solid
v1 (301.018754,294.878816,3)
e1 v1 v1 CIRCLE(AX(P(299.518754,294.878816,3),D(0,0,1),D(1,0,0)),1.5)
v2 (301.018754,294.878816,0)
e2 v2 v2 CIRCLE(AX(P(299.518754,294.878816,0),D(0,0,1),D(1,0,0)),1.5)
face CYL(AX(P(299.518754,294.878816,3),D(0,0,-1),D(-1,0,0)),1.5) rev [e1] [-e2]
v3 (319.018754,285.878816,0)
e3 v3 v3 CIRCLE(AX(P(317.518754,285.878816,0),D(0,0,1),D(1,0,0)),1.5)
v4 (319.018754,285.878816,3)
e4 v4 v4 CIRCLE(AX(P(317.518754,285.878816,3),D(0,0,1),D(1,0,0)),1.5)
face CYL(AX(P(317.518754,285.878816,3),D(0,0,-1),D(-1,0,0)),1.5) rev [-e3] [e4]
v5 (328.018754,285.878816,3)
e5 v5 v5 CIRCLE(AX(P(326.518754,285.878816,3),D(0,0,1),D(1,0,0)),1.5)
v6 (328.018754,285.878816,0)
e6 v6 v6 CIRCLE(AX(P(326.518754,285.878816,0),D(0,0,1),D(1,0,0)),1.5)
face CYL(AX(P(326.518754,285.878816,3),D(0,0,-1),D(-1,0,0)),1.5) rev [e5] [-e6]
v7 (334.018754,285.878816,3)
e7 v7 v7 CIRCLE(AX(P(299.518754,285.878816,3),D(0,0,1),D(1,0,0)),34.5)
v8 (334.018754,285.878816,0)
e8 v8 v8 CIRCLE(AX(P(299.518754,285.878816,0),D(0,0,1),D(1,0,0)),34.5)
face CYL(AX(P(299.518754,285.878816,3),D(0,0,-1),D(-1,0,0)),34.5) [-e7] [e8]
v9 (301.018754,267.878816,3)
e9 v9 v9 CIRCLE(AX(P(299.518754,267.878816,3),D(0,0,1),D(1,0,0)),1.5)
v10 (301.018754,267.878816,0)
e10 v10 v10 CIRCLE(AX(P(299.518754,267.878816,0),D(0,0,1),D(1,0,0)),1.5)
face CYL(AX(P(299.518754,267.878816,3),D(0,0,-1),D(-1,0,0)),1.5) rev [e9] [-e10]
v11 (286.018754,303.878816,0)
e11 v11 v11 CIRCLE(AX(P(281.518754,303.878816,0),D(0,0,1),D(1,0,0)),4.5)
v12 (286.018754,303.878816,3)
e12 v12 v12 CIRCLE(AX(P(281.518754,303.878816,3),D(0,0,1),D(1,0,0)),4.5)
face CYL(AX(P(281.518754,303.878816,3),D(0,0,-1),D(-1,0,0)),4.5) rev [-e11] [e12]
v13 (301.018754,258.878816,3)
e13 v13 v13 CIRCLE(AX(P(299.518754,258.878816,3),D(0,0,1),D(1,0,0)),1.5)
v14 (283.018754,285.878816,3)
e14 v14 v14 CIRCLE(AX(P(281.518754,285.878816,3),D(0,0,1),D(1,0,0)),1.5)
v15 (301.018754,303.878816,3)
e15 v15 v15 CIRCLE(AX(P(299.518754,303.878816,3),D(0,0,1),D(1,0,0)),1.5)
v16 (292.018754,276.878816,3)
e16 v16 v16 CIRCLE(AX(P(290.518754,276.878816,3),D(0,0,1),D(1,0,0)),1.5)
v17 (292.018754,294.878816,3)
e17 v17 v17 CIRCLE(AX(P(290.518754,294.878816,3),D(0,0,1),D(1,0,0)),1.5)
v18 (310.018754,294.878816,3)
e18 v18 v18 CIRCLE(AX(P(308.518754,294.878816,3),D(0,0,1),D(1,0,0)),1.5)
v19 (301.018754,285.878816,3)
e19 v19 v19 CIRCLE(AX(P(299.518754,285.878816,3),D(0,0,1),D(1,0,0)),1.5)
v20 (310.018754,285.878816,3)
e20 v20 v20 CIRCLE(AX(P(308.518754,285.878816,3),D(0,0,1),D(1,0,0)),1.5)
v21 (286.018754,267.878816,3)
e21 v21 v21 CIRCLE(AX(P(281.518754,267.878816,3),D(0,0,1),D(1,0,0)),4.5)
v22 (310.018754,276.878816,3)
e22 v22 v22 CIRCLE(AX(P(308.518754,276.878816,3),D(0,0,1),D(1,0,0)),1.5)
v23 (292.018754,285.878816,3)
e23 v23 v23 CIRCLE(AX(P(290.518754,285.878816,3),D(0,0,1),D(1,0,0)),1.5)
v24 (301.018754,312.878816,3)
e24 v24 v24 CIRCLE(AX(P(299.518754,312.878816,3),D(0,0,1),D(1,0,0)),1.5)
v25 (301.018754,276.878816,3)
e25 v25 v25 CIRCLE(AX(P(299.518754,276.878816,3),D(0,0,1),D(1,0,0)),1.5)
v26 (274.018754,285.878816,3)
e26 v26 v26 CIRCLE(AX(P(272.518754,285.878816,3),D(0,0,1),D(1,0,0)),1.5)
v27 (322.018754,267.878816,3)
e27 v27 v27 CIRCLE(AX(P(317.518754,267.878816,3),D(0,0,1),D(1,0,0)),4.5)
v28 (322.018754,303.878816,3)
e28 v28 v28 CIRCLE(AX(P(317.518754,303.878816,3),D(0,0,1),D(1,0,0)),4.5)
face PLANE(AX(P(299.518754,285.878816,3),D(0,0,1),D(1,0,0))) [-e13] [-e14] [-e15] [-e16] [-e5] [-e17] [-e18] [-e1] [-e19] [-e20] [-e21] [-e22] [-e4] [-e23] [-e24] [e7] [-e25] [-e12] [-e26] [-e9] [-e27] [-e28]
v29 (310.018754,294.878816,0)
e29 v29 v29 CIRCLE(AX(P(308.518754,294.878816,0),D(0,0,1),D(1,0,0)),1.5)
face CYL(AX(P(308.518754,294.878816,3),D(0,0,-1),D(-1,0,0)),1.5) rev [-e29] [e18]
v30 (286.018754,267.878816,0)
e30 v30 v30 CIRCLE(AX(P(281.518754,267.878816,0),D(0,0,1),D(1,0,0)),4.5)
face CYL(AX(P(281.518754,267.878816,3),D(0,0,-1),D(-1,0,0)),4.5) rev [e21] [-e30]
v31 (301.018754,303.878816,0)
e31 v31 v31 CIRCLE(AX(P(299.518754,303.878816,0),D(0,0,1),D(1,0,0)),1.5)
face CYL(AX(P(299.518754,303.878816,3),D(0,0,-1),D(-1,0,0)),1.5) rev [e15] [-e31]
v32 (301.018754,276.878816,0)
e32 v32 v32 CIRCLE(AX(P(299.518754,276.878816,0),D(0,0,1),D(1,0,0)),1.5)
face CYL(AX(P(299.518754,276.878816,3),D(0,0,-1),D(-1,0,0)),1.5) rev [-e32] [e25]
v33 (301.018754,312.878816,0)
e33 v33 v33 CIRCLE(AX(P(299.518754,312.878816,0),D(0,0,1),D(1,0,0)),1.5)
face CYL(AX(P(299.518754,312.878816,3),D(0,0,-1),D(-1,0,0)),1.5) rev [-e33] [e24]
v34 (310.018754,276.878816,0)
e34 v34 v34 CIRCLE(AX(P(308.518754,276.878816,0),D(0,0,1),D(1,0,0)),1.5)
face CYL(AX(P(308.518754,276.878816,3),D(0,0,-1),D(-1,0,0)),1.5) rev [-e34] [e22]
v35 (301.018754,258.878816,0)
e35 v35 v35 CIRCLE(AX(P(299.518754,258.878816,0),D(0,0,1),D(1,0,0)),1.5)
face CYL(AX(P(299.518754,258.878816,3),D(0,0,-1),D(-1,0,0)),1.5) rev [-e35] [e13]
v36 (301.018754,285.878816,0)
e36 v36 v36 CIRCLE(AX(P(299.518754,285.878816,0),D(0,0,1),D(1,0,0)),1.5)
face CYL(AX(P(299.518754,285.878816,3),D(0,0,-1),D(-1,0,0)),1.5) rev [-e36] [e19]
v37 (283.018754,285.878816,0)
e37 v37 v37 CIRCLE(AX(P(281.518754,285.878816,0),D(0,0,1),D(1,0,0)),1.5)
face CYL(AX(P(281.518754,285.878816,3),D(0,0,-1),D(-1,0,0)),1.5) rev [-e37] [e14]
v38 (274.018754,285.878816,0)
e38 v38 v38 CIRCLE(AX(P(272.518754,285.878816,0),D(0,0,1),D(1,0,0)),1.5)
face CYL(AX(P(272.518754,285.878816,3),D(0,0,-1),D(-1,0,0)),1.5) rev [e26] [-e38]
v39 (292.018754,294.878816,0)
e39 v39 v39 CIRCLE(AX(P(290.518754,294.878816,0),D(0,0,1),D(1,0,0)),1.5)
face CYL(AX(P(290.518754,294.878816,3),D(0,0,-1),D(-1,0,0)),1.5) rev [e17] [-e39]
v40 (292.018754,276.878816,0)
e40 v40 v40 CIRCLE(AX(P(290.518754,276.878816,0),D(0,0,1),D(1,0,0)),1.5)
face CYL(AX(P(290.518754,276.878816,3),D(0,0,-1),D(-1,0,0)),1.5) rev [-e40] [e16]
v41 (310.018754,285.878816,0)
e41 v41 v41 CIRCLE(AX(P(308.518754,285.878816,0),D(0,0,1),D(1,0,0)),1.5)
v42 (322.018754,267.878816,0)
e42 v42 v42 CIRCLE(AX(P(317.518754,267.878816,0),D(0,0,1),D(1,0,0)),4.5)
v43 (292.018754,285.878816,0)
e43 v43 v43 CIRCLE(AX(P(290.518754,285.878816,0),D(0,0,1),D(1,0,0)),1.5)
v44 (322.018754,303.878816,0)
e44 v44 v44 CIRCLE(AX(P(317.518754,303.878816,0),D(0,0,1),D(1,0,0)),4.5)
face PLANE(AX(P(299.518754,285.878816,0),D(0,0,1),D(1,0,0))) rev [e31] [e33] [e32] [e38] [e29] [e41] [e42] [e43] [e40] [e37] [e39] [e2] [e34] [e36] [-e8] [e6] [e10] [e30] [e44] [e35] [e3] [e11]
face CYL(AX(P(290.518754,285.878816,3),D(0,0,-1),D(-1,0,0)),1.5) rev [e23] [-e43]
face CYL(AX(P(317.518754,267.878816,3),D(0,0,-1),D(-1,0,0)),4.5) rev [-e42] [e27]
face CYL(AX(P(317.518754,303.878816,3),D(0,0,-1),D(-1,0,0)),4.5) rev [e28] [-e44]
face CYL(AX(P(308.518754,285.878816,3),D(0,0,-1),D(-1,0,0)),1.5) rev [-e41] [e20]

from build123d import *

# Parameters (mm, degrees)
MODEL_R                 = 34.5
MODEL_R_2               = 4.5
MODEL_R_3               = 1.5
SALIENTE_EXTRUIR1_DEPTH = 3


with BuildPart() as part:
    # Model → Saliente-Extruir1 (new body)
    with BuildSketch(Plane.XY):
        with Locations((299.518754002, 285.878815596)):
            Circle(MODEL_R)
        with Locations((281.518754002, 303.878815596)):
            Circle(MODEL_R_2, mode=Mode.SUBTRACT)
        with Locations((281.518754002, 267.878815596)):
            Circle(MODEL_R_2, mode=Mode.SUBTRACT)
        with Locations((317.518754002, 267.878815596)):
            Circle(MODEL_R_2, mode=Mode.SUBTRACT)
        with Locations((317.518754002, 303.878815596)):
            Circle(MODEL_R_2, mode=Mode.SUBTRACT)
        with Locations((299.518754002, 285.878815596)):
            Circle(MODEL_R_3, mode=Mode.SUBTRACT)
        with Locations((299.518754002, 276.878815596)):
            Circle(MODEL_R_3, mode=Mode.SUBTRACT)
        with Locations((299.518754002, 294.878815596)):
            Circle(MODEL_R_3, mode=Mode.SUBTRACT)
        with Locations((308.518754003, 285.878815596)):
            Circle(MODEL_R_3, mode=Mode.SUBTRACT)
        with Locations((290.518754002, 285.878815596)):
            Circle(MODEL_R_3, mode=Mode.SUBTRACT)
        with Locations((317.518754002, 285.878815596)):
            Circle(MODEL_R_3, mode=Mode.SUBTRACT)
        with Locations((326.518754002, 285.878815596)):
            Circle(MODEL_R_3, mode=Mode.SUBTRACT)
        with Locations((272.518754002, 285.878815596)):
            Circle(MODEL_R_3, mode=Mode.SUBTRACT)
        with Locations((281.518754002, 285.878815596)):
            Circle(MODEL_R_3, mode=Mode.SUBTRACT)
        with Locations((299.518754002, 303.878815596)):
            Circle(MODEL_R_3, mode=Mode.SUBTRACT)
        with Locations((299.518754002, 312.878815596)):
            Circle(MODEL_R_3, mode=Mode.SUBTRACT)
        with Locations((299.518754002, 267.878815596)):
            Circle(MODEL_R_3, mode=Mode.SUBTRACT)
        with Locations((299.518754002, 258.878815596)):
            Circle(MODEL_R_3, mode=Mode.SUBTRACT)
        with Locations((290.518754002, 276.878815596)):
            Circle(MODEL_R_3, mode=Mode.SUBTRACT)
        with Locations((308.518754003, 294.878815596)):
            Circle(MODEL_R_3, mode=Mode.SUBTRACT)
        with Locations((308.518754003, 276.878815596)):
            Circle(MODEL_R_3, mode=Mode.SUBTRACT)
        with Locations((290.518754002, 294.878815596)):
            Circle(MODEL_R_3, mode=Mode.SUBTRACT)
    extrude(amount=SALIENTE_EXTRUIR1_DEPTH)


solid = part.part
